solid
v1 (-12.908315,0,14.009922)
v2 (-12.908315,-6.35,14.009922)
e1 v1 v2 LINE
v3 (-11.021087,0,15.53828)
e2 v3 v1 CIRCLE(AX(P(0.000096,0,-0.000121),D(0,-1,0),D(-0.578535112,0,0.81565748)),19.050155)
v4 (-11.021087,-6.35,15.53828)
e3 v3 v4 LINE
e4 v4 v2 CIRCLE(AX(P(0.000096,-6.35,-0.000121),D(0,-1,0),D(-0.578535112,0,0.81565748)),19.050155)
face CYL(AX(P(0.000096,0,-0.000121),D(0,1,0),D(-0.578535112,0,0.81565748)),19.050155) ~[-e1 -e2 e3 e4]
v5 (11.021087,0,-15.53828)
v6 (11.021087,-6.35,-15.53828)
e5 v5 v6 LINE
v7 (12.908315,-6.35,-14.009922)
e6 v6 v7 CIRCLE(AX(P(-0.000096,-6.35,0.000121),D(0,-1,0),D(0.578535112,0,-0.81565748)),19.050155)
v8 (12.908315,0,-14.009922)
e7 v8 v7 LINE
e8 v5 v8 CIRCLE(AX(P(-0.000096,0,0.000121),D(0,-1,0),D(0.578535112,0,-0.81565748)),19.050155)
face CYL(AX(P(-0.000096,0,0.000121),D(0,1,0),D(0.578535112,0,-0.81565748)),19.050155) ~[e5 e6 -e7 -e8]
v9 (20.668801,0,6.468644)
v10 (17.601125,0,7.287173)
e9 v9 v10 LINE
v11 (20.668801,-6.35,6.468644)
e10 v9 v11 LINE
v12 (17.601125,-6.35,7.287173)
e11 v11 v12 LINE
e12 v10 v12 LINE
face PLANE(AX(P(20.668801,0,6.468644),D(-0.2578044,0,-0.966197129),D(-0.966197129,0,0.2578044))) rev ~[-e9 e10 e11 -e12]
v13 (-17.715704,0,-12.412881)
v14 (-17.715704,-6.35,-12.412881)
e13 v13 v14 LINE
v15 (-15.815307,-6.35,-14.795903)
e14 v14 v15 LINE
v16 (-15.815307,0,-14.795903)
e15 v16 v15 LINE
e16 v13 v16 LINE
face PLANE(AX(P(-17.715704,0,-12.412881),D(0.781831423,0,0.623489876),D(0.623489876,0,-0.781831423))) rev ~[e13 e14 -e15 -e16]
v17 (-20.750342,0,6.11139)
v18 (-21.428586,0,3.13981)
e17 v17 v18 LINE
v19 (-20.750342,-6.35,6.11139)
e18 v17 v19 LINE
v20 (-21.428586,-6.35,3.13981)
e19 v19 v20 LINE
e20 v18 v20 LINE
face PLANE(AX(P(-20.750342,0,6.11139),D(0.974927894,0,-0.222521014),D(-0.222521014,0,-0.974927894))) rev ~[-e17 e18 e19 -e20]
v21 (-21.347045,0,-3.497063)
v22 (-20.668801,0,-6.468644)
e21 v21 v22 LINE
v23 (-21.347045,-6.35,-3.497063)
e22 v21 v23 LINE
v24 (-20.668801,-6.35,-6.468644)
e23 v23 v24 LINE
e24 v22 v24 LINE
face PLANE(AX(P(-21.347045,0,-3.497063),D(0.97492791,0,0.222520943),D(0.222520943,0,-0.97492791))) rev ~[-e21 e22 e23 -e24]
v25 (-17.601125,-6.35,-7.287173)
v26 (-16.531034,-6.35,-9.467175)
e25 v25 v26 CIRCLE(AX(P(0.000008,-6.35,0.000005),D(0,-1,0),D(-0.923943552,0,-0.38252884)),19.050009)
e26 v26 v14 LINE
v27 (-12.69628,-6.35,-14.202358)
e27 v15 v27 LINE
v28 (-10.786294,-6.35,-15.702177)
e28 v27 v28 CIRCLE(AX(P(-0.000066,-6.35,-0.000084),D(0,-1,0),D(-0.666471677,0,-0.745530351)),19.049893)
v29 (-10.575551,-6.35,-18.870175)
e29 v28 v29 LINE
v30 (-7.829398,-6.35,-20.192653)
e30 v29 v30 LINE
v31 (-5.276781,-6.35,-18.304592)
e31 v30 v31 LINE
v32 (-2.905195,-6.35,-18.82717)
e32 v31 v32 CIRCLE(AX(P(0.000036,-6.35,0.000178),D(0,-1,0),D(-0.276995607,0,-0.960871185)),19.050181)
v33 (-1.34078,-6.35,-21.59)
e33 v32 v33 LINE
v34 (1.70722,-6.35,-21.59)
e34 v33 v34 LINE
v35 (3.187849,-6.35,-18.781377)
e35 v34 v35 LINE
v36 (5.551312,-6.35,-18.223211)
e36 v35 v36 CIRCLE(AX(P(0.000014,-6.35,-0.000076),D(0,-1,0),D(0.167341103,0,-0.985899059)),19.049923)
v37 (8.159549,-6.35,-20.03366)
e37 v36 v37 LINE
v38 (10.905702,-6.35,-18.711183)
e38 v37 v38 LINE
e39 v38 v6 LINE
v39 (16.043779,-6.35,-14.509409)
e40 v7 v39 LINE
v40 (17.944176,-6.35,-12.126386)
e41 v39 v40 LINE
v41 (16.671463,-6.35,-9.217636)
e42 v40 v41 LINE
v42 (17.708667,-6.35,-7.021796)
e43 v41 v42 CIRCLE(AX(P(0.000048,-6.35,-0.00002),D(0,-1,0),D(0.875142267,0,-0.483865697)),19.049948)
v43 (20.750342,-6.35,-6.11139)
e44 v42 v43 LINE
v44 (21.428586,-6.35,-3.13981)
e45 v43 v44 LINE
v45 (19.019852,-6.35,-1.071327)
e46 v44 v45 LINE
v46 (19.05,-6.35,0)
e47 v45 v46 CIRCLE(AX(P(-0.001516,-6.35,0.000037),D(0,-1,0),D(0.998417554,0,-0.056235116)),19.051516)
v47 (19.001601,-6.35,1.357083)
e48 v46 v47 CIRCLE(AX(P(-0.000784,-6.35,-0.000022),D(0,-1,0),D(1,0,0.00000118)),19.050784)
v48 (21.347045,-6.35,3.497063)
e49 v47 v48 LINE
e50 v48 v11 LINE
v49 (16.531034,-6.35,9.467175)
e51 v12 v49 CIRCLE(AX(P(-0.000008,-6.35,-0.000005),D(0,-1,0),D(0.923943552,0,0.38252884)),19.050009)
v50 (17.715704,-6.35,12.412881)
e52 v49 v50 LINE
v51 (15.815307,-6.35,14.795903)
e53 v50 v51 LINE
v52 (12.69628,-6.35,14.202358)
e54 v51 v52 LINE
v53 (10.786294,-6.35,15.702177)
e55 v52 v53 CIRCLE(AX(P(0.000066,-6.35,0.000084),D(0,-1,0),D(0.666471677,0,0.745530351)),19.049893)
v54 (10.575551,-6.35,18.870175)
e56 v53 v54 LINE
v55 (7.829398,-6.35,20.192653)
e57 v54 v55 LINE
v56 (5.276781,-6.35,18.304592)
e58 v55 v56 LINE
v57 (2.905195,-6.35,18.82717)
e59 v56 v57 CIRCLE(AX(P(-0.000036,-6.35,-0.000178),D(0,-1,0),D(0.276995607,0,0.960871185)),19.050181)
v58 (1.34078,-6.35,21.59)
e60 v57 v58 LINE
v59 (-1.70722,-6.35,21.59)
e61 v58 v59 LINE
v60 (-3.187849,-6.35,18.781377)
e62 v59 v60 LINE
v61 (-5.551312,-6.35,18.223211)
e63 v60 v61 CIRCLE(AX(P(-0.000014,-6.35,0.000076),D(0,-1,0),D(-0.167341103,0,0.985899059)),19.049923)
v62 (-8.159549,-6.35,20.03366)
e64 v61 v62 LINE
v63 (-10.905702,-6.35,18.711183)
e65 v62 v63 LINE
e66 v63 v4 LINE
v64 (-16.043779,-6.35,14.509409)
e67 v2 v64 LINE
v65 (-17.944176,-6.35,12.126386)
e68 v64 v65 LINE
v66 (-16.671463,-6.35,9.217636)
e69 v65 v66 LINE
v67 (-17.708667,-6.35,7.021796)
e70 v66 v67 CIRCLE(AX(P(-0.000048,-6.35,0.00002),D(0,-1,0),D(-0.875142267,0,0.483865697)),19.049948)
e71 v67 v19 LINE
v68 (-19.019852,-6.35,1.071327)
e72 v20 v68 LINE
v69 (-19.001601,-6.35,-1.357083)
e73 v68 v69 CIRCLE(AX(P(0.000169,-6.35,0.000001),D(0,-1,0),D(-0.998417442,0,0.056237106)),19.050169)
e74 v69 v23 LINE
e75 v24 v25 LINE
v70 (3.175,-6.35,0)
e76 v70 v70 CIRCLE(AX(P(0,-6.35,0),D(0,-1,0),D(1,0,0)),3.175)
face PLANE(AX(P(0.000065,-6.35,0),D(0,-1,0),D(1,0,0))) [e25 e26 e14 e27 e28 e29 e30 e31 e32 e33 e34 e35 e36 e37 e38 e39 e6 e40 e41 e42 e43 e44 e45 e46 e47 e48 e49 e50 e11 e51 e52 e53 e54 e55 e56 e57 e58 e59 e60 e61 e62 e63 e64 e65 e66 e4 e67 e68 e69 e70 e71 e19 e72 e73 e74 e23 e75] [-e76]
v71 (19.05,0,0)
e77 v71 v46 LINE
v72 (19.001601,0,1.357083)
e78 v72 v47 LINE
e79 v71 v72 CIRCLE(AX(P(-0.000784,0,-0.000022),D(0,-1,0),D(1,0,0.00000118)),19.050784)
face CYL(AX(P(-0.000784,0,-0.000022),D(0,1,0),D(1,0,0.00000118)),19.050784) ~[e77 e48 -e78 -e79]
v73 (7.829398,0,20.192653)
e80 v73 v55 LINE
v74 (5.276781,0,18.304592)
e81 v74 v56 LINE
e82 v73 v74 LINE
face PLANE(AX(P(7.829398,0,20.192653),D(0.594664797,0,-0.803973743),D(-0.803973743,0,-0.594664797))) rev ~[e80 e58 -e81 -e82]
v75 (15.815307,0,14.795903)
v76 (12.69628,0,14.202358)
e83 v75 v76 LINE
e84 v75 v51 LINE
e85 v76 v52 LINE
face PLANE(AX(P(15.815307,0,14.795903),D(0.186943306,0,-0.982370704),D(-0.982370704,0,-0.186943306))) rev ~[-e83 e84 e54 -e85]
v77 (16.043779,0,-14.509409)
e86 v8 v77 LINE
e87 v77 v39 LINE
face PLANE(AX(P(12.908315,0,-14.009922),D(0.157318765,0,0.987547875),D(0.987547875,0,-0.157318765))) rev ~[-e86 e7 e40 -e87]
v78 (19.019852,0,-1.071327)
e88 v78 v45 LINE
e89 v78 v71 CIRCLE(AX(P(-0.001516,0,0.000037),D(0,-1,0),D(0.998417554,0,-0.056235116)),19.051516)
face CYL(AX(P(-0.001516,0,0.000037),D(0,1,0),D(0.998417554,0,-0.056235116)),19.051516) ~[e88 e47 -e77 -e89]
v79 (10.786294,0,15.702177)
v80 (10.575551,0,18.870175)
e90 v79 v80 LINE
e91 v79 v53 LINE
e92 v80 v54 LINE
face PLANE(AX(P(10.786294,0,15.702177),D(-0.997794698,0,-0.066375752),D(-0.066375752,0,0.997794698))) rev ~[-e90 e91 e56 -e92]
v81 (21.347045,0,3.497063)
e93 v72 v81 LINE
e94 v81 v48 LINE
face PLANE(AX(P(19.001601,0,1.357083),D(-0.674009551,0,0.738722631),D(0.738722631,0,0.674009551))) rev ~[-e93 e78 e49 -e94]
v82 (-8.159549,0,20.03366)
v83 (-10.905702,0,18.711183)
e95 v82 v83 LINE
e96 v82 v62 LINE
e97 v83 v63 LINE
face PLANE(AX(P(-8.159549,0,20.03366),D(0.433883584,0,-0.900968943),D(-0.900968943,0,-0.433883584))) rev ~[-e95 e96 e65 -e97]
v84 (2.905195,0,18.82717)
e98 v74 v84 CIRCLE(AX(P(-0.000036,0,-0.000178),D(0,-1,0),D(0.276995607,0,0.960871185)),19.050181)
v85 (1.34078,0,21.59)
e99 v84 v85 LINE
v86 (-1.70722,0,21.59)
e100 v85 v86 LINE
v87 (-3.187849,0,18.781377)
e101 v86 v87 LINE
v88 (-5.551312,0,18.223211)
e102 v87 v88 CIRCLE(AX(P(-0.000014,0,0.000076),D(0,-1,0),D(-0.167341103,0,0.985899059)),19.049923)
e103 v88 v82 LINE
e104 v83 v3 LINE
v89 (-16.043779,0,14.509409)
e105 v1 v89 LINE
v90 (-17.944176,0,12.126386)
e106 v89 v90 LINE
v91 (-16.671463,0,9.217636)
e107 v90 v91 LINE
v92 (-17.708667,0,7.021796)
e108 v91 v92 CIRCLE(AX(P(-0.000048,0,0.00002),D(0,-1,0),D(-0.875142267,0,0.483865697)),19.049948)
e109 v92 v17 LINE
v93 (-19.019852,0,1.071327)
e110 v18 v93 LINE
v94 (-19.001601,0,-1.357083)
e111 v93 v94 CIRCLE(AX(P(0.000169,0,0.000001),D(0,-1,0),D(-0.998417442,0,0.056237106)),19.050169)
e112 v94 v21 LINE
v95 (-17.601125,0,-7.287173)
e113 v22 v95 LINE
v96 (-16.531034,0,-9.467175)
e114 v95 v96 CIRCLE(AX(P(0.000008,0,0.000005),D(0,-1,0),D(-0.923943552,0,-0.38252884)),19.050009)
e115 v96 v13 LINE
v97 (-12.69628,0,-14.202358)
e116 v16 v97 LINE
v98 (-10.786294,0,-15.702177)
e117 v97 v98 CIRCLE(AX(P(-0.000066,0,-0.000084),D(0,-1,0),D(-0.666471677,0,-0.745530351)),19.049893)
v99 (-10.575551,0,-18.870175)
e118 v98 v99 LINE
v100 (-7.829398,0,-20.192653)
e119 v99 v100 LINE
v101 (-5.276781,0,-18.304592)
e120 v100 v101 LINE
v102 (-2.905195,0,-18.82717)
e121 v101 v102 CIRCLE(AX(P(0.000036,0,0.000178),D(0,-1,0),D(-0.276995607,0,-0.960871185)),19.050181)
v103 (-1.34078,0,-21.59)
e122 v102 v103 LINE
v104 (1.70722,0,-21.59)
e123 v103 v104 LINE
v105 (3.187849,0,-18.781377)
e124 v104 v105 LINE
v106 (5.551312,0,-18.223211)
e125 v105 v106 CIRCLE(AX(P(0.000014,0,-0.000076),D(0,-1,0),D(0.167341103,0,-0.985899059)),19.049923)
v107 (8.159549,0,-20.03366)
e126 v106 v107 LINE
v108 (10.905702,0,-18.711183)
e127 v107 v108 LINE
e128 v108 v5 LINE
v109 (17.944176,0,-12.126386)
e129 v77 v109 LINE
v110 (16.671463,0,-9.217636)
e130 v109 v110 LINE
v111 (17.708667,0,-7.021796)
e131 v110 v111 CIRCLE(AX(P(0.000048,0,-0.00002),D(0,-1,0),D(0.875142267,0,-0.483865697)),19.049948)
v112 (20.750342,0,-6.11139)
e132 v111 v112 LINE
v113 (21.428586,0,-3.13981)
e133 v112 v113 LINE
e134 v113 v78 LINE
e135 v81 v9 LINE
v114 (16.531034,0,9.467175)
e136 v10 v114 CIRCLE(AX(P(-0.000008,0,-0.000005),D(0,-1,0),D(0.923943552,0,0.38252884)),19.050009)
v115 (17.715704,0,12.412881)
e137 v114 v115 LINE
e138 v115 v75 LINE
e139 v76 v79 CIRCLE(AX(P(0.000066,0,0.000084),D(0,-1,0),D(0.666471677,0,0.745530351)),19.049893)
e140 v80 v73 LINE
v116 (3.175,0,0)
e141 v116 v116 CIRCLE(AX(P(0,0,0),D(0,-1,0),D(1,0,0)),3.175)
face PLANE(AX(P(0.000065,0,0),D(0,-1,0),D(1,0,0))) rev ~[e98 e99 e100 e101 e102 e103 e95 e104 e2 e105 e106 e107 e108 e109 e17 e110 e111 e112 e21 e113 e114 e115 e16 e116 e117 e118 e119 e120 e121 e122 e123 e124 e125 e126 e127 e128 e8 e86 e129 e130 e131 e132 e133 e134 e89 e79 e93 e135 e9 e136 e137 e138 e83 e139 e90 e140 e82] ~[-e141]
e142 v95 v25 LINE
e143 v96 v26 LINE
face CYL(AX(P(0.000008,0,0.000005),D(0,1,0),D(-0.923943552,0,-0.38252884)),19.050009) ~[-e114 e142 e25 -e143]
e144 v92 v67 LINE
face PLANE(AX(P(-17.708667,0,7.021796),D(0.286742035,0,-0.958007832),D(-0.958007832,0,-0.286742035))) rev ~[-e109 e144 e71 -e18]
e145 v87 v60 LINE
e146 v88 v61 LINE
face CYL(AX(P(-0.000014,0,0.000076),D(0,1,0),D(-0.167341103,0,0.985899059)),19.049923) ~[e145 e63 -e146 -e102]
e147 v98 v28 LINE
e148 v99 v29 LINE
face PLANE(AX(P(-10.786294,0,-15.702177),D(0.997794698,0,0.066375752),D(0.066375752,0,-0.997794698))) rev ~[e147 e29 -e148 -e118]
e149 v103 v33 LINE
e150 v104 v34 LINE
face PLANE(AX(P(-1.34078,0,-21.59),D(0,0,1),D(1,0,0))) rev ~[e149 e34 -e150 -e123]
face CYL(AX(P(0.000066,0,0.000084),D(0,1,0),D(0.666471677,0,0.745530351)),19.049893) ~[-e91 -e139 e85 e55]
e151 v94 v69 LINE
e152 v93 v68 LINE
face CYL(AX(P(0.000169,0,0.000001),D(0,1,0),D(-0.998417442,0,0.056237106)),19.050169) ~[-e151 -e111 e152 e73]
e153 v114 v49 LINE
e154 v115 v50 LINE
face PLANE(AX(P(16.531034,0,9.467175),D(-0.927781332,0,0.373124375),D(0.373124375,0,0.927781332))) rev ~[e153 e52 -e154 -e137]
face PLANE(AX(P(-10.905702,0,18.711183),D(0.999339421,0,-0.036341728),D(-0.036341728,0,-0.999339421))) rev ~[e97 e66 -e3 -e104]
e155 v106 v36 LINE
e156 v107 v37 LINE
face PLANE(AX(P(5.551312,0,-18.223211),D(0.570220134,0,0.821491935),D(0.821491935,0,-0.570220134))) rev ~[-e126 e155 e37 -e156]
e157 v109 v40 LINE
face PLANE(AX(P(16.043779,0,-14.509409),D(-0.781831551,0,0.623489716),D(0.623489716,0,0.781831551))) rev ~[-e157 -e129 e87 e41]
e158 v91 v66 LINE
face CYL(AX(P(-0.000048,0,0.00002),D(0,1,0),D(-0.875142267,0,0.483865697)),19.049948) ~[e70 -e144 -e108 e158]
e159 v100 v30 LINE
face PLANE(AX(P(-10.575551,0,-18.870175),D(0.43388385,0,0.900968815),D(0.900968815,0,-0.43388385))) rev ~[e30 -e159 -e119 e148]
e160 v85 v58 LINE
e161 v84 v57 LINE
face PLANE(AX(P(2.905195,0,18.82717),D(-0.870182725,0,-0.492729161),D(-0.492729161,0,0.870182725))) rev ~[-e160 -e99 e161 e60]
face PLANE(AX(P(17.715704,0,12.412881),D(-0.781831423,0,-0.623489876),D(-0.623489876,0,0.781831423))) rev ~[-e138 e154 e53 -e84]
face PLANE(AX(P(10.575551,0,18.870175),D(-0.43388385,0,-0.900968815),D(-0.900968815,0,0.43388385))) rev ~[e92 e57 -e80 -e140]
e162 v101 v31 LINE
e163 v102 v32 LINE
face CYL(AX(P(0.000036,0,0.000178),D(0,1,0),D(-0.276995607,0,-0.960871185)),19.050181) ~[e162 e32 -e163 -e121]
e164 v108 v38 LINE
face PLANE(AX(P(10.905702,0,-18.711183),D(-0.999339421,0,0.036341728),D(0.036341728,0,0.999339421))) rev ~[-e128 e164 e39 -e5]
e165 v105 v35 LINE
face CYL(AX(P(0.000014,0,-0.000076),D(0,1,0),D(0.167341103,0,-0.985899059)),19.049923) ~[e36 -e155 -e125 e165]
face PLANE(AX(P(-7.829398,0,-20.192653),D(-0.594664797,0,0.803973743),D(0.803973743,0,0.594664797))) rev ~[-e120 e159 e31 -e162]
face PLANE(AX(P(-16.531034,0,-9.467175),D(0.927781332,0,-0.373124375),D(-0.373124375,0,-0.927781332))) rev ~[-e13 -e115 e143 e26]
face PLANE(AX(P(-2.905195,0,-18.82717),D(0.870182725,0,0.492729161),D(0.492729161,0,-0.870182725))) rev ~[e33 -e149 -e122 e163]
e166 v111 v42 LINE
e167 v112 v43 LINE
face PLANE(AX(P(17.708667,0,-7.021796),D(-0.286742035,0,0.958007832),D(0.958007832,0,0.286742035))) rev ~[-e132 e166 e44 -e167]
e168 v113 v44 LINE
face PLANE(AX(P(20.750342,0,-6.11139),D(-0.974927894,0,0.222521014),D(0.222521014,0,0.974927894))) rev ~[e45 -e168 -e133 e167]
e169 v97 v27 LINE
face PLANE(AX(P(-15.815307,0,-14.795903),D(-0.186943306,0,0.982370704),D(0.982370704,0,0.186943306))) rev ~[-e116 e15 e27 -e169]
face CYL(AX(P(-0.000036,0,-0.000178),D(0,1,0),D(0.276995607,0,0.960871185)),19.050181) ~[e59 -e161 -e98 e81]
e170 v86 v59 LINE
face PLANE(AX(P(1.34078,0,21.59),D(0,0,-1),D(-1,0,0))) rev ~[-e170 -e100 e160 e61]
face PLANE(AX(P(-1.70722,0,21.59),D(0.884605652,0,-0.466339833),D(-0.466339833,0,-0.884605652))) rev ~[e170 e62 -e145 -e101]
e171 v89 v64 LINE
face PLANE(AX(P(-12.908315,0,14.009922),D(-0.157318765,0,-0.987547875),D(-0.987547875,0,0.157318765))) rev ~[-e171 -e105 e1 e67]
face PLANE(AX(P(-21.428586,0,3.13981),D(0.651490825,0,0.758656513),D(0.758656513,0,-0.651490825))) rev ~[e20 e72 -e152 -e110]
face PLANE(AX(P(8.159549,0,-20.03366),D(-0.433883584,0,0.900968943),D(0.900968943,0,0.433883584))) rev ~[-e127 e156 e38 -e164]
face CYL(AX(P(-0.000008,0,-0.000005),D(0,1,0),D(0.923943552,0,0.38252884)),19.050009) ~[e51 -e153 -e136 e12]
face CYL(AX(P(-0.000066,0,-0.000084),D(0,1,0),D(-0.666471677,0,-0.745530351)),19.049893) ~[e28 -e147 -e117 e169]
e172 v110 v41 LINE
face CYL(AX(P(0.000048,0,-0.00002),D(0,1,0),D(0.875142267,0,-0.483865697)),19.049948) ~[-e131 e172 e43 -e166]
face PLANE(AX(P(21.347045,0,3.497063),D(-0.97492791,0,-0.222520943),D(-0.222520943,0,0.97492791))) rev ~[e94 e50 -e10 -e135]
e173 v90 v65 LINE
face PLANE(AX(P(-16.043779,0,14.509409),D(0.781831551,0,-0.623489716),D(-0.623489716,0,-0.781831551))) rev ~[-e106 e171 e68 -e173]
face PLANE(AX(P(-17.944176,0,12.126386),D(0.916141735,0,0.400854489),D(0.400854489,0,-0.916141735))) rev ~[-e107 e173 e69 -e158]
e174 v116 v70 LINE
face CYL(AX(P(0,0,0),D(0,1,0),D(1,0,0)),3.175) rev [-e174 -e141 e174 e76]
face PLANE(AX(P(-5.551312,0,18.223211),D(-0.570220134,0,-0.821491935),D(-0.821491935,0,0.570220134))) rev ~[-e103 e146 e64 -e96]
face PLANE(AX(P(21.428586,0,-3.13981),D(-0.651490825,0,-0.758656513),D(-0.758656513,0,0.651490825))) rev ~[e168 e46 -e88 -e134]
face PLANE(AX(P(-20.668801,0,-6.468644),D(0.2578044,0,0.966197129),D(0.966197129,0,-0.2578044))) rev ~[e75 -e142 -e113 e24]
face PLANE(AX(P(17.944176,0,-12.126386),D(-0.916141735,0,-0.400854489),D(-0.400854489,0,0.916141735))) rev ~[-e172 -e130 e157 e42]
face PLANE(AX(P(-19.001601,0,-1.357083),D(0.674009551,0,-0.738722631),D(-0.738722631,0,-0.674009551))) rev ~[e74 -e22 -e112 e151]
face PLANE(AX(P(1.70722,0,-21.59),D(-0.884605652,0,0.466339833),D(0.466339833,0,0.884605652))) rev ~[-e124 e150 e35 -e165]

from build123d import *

# Parameters (mm, degrees)
F0_R     = 3.175
F1_DEPTH = 6.35


with BuildPart() as f1:
    # F0 (on Front) → F1 (new body)
    with BuildSketch(Plane.XZ):
        with BuildLine():
            ThreePointArc((19.019852, -1.071327), (19.042461, -0.535875), (19.05, 0))
            ThreePointArc((19.05, 0), (19.037896, 0.678973), (19.001601, 1.357083))
            ThreePointArc((19.001601, 1.357083), (18.539994, 4.378484), (17.601125, 7.287173))
            ThreePointArc((17.601125, 7.287173), (17.100853, 8.394243), (16.531034, 9.467175))
            ThreePointArc((16.531034, 9.467175), (14.804204, 11.98908), (12.69628, 14.202358))
            ThreePointArc((12.69628, 14.202358), (11.765211, 14.982734), (10.786294, 15.702177))
            ThreePointArc((10.786294, 15.702177), (8.136261, 17.225091), (5.276781, 18.304592))
            ThreePointArc((5.276781, 18.304592), (4.099324, 18.60371), (2.905195, 18.82717))
            ThreePointArc((2.905195, 18.82717), (-0.14317, 19.049462), (-3.187849, 18.781377))
            ThreePointArc((-3.187849, 18.781377), (-4.378484, 18.539994), (-5.551312, 18.223211))
            ThreePointArc((-5.551312, 18.223211), (-8.394243, 17.100853), (-11.021087, 15.53828))
            ThreePointArc((-11.021087, 15.53828), (-11.98908, 14.804204), (-12.908315, 14.009922))
            ThreePointArc((-12.908315, 14.009922), (-14.982734, 11.765211), (-16.671463, 9.217636))
            ThreePointArc((-16.671463, 9.217636), (-17.225091, 8.136261), (-17.708667, 7.021796))
            ThreePointArc((-17.708667, 7.021796), (-18.60371, 4.099324), (-19.019852, 1.071327))
            ThreePointArc((-19.019852, 1.071327), (-19.049462, -0.14317), (-19.001601, -1.357083))
            ThreePointArc((-19.001601, -1.357083), (-18.539994, -4.378484), (-17.601125, -7.287173))
            ThreePointArc((-17.601125, -7.287173), (-17.100853, -8.394243), (-16.531034, -9.467175))
            ThreePointArc((-16.531034, -9.467175), (-14.804204, -11.98908), (-12.69628, -14.202358))
            ThreePointArc((-12.69628, -14.202358), (-11.765211, -14.982734), (-10.786294, -15.702177))
            ThreePointArc((-10.786294, -15.702177), (-8.136261, -17.225091), (-5.276781, -18.304592))
            ThreePointArc((-5.276781, -18.304592), (-4.099324, -18.60371), (-2.905195, -18.82717))
            ThreePointArc((-2.905195, -18.82717), (0.14317, -19.049462), (3.187849, -18.781377))
            ThreePointArc((3.187849, -18.781377), (4.378484, -18.539994), (5.551312, -18.223211))
            ThreePointArc((5.551312, -18.223211), (8.394243, -17.100853), (11.021087, -15.53828))
            ThreePointArc((11.021087, -15.53828), (11.98908, -14.804204), (12.908315, -14.009922))
            ThreePointArc((12.908315, -14.009922), (14.982734, -11.765211), (16.671463, -9.217636))
            ThreePointArc((16.671463, -9.217636), (17.225091, -8.136261), (17.708667, -7.021796))
            ThreePointArc((17.708667, -7.021796), (18.60371, -4.099324), (19.019852, -1.071327))
        make_face()
        Circle(F0_R, mode=Mode.SUBTRACT)
        with BuildLine():
            ThreePointArc((17.601125, 7.287173), (18.539994, 4.378484), (19.001601, 1.357083))
            Line((19.001601, 1.357083), (21.347045, 3.497063))
            Line((21.347045, 3.497063), (20.668801, 6.468644))
            Line((20.668801, 6.468644), (17.601125, 7.287173))
        make_face()
        with BuildLine():
            Line((21.428586, -3.13981), (19.019852, -1.071327))
            ThreePointArc((19.019852, -1.071327), (18.60371, -4.099324), (17.708667, -7.021796))
            Line((17.708667, -7.021796), (20.750342, -6.11139))
            Line((20.750342, -6.11139), (21.428586, -3.13981))
        make_face()
        with BuildLine():
            ThreePointArc((12.69628, 14.202358), (14.804204, 11.98908), (16.531034, 9.467175))
            Line((16.531034, 9.467175), (17.715704, 12.412881))
            Line((17.715704, 12.412881), (15.815307, 14.795903))
            Line((15.815307, 14.795903), (12.69628, 14.202358))
        make_face()
        with BuildLine():
            Line((17.944176, -12.126386), (16.671463, -9.217636))
            ThreePointArc((16.671463, -9.217636), (14.982734, -11.765211), (12.908315, -14.009922))
            Line((12.908315, -14.009922), (16.043779, -14.509409))
            Line((16.043779, -14.509409), (17.944176, -12.126386))
        make_face()
        with BuildLine():
            ThreePointArc((5.276781, 18.304592), (8.136261, 17.225091), (10.786294, 15.702177))
            Line((10.786294, 15.702177), (10.575551, 18.870175))
            Line((10.575551, 18.870175), (7.829398, 20.192653))
            Line((7.829398, 20.192653), (5.276781, 18.304592))
        make_face()
        with BuildLine():
            Line((10.905702, -18.711183), (11.021087, -15.53828))
            ThreePointArc((11.021087, -15.53828), (8.394243, -17.100853), (5.551312, -18.223211))
            Line((5.551312, -18.223211), (8.159549, -20.03366))
            Line((8.159549, -20.03366), (10.905702, -18.711183))
        make_face()
        with BuildLine():
            ThreePointArc((-3.187849, 18.781377), (-0.14317, 19.049462), (2.905195, 18.82717))
            Line((2.905195, 18.82717), (1.34078, 21.59))
            Line((1.34078, 21.59), (-1.70722, 21.59))
            Line((-1.70722, 21.59), (-3.187849, 18.781377))
        make_face()
        with BuildLine():
            Line((1.70722, -21.59), (3.187849, -18.781377))
            ThreePointArc((3.187849, -18.781377), (0.14317, -19.049462), (-2.905195, -18.82717))
            Line((-2.905195, -18.82717), (-1.34078, -21.59))
            Line((-1.34078, -21.59), (1.70722, -21.59))
        make_face()
        with BuildLine():
            ThreePointArc((-11.021087, 15.53828), (-8.394243, 17.100853), (-5.551312, 18.223211))
            Line((-5.551312, 18.223211), (-8.159549, 20.03366))
            Line((-8.159549, 20.03366), (-10.905702, 18.711183))
            Line((-10.905702, 18.711183), (-11.021087, 15.53828))
        make_face()
        with BuildLine():
            Line((-7.829398, -20.192653), (-5.276781, -18.304592))
            ThreePointArc((-5.276781, -18.304592), (-8.136261, -17.225091), (-10.786294, -15.702177))
            Line((-10.786294, -15.702177), (-10.575551, -18.870175))
            Line((-10.575551, -18.870175), (-7.829398, -20.192653))
        make_face()
        with BuildLine():
            ThreePointArc((-16.671463, 9.217636), (-14.982734, 11.765211), (-12.908315, 14.009922))
            Line((-12.908315, 14.009922), (-16.043779, 14.509409))
            Line((-16.043779, 14.509409), (-17.944176, 12.126386))
            Line((-17.944176, 12.126386), (-16.671463, 9.217636))
        make_face()
        with BuildLine():
            Line((-15.815307, -14.795903), (-12.69628, -14.202358))
            ThreePointArc((-12.69628, -14.202358), (-14.804204, -11.98908), (-16.531034, -9.467175))
            Line((-16.531034, -9.467175), (-17.715704, -12.412881))
            Line((-17.715704, -12.412881), (-15.815307, -14.795903))
        make_face()
        with BuildLine():
            ThreePointArc((-19.019852, 1.071327), (-18.60371, 4.099324), (-17.708667, 7.021796))
            Line((-17.708667, 7.021796), (-20.750342, 6.11139))
            Line((-20.750342, 6.11139), (-21.428586, 3.13981))
            Line((-21.428586, 3.13981), (-19.019852, 1.071327))
        make_face()
        with BuildLine():
            Line((-20.668801, -6.468644), (-17.601125, -7.287173))
            ThreePointArc((-17.601125, -7.287173), (-18.539994, -4.378484), (-19.001601, -1.357083))
            Line((-19.001601, -1.357083), (-21.347045, -3.497063))
            Line((-21.347045, -3.497063), (-20.668801, -6.468644))
        make_face()
    extrude(amount=F1_DEPTH)


solid = f1.part
